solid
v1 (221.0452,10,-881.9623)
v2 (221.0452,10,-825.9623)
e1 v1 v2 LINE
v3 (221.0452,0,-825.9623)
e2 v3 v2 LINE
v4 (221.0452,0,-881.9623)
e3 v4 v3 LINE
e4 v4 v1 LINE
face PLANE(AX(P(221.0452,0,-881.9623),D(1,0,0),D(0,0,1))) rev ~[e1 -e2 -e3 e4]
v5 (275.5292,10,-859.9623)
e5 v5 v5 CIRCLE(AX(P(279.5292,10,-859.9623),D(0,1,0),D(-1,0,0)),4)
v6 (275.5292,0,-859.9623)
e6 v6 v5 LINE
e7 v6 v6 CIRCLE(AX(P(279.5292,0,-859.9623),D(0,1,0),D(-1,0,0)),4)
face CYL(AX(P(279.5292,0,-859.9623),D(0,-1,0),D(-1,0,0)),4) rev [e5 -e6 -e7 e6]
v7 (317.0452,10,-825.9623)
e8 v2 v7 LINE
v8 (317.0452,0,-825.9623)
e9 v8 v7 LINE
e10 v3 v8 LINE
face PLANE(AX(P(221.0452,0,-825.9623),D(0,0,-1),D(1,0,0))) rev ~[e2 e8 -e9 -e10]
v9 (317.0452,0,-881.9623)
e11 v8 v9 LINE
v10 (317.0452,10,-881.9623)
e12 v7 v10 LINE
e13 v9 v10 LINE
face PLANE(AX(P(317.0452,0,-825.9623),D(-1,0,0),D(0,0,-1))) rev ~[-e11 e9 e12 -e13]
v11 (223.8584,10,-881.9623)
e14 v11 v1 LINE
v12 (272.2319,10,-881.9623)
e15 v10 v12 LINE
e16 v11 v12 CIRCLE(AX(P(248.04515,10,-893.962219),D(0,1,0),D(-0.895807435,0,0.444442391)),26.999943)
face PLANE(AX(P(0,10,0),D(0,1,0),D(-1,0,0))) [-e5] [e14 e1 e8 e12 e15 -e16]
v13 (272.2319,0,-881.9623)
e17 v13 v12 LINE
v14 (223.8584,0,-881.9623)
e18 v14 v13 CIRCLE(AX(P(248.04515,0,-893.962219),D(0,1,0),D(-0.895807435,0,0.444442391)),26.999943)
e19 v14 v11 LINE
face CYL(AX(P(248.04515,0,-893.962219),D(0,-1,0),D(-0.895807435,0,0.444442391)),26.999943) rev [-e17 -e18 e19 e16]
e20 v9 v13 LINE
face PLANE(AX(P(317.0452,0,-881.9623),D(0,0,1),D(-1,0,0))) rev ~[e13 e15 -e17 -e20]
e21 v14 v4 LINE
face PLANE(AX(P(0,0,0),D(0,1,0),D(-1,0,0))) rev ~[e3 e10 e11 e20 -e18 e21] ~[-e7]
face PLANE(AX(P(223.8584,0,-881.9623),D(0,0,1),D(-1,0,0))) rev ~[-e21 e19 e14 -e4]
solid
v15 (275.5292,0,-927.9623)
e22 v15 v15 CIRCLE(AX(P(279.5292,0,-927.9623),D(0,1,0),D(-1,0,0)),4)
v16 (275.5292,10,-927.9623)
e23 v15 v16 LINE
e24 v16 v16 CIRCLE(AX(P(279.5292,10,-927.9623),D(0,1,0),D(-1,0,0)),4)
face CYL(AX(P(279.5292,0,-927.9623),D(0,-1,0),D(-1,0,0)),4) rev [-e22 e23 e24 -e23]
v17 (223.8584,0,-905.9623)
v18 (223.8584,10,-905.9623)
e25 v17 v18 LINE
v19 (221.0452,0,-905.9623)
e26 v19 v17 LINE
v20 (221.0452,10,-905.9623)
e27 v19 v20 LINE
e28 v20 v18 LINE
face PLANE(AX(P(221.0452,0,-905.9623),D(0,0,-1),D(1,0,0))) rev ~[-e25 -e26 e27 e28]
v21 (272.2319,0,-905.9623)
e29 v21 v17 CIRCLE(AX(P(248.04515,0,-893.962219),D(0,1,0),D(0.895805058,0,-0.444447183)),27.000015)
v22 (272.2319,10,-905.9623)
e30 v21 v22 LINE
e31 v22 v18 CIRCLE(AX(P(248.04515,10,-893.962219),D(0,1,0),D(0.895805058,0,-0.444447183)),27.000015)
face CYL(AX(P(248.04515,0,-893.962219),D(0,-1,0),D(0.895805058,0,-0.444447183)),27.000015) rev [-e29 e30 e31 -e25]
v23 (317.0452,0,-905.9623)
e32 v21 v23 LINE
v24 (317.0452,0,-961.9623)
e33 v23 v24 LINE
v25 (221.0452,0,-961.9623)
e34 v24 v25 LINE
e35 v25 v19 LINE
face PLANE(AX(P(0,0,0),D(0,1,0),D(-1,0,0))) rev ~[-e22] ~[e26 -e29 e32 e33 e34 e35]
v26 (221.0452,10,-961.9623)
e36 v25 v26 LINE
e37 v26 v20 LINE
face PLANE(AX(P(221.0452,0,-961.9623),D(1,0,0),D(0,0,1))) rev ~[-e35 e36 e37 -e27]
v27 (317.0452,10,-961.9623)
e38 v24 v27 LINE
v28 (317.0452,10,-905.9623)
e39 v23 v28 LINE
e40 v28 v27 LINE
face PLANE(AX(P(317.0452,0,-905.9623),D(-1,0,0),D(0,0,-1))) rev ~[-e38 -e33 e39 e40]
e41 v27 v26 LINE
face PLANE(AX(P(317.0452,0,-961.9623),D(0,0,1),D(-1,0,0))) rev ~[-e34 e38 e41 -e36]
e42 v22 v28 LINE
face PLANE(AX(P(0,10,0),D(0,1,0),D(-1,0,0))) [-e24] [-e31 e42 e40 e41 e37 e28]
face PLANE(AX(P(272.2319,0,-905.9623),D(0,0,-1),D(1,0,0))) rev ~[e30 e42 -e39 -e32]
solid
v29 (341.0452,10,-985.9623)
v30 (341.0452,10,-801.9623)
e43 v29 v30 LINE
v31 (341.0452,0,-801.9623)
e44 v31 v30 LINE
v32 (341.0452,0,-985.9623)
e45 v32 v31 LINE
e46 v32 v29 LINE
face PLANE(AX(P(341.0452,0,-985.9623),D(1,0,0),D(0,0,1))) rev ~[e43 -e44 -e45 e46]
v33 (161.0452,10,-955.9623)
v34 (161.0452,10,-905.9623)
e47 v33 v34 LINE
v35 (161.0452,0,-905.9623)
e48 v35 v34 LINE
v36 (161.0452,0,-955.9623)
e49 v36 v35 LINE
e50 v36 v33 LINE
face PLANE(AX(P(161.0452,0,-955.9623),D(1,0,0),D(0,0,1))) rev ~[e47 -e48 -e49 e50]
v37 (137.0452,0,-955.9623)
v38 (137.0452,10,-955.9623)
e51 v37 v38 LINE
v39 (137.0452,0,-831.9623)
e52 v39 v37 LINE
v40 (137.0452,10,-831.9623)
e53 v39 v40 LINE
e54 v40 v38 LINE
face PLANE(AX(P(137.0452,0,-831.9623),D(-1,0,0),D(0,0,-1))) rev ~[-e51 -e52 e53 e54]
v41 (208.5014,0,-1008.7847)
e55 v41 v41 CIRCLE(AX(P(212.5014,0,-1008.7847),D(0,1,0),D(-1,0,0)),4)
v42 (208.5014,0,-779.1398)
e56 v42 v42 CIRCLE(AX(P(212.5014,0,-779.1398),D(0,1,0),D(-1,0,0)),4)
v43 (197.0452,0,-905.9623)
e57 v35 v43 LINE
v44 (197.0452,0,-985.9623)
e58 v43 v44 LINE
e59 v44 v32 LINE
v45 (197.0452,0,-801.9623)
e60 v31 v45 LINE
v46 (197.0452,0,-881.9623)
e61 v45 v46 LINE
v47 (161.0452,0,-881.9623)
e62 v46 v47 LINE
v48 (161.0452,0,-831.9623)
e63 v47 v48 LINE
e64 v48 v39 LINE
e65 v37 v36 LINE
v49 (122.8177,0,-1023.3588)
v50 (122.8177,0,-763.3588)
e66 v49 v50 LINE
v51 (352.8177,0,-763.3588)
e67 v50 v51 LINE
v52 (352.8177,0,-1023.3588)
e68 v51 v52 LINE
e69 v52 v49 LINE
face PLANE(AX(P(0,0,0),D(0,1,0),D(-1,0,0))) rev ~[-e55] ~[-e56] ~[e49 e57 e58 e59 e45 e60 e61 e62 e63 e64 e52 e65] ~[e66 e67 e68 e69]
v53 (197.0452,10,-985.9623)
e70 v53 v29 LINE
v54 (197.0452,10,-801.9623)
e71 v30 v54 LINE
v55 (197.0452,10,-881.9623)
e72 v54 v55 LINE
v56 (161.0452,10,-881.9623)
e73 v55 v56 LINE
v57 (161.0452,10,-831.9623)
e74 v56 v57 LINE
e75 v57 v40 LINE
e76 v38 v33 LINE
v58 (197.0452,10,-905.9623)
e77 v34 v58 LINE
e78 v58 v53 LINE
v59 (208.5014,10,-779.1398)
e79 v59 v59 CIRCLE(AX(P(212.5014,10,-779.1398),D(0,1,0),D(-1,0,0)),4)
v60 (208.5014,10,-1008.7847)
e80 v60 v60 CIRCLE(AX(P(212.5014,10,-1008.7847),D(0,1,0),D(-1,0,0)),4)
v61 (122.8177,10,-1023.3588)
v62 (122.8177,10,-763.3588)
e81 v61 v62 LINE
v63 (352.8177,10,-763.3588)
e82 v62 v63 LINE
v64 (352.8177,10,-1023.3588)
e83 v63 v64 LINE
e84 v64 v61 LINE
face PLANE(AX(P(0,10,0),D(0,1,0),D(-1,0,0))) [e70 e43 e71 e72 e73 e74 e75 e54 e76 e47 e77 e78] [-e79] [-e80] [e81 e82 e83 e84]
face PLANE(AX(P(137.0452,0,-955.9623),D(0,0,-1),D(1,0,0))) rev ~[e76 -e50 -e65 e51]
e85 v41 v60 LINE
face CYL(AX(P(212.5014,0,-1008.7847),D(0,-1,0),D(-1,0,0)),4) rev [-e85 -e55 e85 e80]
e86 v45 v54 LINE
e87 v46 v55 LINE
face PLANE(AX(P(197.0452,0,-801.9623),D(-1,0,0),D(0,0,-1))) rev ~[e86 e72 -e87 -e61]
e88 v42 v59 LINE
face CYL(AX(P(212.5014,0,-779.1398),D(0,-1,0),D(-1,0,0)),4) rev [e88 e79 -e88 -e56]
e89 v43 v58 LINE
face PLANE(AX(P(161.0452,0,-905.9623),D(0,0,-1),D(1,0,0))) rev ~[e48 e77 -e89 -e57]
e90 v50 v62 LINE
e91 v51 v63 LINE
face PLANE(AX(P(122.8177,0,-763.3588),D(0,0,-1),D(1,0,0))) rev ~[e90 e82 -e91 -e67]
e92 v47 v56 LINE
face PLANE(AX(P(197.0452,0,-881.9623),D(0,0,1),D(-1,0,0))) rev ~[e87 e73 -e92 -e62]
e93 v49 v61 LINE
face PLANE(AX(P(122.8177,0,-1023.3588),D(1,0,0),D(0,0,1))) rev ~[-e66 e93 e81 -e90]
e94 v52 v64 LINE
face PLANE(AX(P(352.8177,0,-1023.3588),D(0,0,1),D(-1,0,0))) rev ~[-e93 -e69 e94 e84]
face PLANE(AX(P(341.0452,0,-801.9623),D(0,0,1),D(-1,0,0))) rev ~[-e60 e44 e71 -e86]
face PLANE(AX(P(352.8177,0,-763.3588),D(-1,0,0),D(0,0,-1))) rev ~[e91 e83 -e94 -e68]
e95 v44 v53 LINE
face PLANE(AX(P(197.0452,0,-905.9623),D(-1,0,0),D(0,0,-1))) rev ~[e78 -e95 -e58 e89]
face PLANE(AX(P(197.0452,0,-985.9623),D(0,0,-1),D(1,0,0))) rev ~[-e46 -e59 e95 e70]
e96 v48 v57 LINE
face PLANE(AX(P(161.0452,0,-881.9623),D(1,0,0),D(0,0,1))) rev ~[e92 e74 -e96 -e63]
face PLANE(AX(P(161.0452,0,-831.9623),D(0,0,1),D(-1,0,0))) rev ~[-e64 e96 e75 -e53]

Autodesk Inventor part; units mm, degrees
ref_plane "YZ Plane" through (0, 0, 0) normal (1, 0, 0) x (0, 1, 0)
ref_plane "XZ Plane" through (0, 0, 0) normal (0, 1, 0) x (-1, 0, 0)
ref_plane "XY Plane" through (0, 0, 0) normal (0, 0, 1) x (1, 0, 0)
sketch "Boceto1" plane through (0, 0, 0) normal (0, 1, 0) x (-1, 0, 0)
  line L0 (-352.8177, -763.3588) -> (-352.8177, -1023.3588) projected
  line L1 (-352.8177, -1023.3588) -> (-122.8177, -1023.3588) projected
  line L2 (-122.8177, -1023.3588) -> (-122.8177, -763.3588) projected
  line L3 (-122.8177, -763.3588) -> (-352.8177, -763.3588) projected
  circle A0 centre (-329.0452, -813.9623) radius 4 projected
  circle A1 centre (-329.0452, -973.9623) radius 4 projected
  circle A2 centre (-279.5292, -859.9623) radius 4 projected
  circle A3 centre (-212.5014, -779.1398) radius 4 projected
  circle A4 centre (-149.0452, -842.9623) radius 4 projected
  circle A5 centre (-149.0452, -944.9623) radius 4 projected
  circle A6 centre (-212.5014, -1008.7847) radius 4 projected
  circle A7 centre (-279.5292, -927.9623) radius 4 projected
  line L4 (-122.8177, -763.3588) -> (-352.8177, -763.3588)
  line L5 (-352.8177, -763.3588) -> (-352.8177, -1023.3588)
  line L6 (-352.8177, -1023.3588) -> (-122.8177, -1023.3588)
  line L7 (-122.8177, -1023.3588) -> (-122.8177, -763.3588)
  circle A8 centre (-329.0452, -973.9623) radius 4 projected
  circle A9 centre (-329.0452, -813.9623) radius 4 projected
  line L8 (-159.0452, -953.9623) -> (-139.0452, -953.9623) projected
  line L9 (-139.0452, -953.9623) -> (-139.0452, -833.9623) projected
  line L10 (-139.0452, -833.9623) -> (-159.0452, -833.9623) projected
  line L11 (-159.0452, -833.9623) -> (-159.0452, -883.9623) projected
  line L12 (-159.0452, -883.9623) -> (-199.0452, -883.9623) projected
  line L13 (-199.0452, -883.9623) -> (-199.0452, -803.9623) projected
  line L14 (-199.0452, -803.9623) -> (-339.0452, -803.9623) projected
  line L15 (-339.0452, -803.9623) -> (-339.0452, -983.9623) projected
  line L16 (-339.0452, -983.9623) -> (-199.0452, -983.9623) projected
  line L17 (-199.0452, -983.9623) -> (-199.0452, -903.9623) projected
  line L18 (-199.0452, -903.9623) -> (-159.0452, -903.9623) projected
  line L19 (-159.0452, -903.9623) -> (-159.0452, -953.9623) projected
  circle A10 centre (-149.0452, -944.9623) radius 4 projected
  circle A11 centre (-149.0452, -842.9623) radius 4 projected
  line L20 (-219.0452, -903.9623) -> (-219.0452, -963.9623) projected
  line L21 (-219.0452, -963.9623) -> (-319.0452, -963.9623) projected
  line L22 (-319.0452, -963.9623) -> (-319.0452, -903.9623) projected
  line L23 (-319.0452, -903.9623) -> (-270.958, -903.9623) projected
  arc A12 (-270.958, -903.9623) -> (-225.1323, -903.9623) centre (-248.0452, -893.9623) ccw projected
  line L24 (-225.1323, -903.9623) -> (-219.0452, -903.9623) projected
  line L25 (-219.0452, -883.9623) -> (-225.1323, -883.9623) projected
  arc A13 (-225.1323, -883.9623) -> (-270.958, -883.9623) centre (-248.0452, -893.9623) ccw projected
  line L26 (-270.958, -883.9623) -> (-319.0452, -883.9623) projected
  line L27 (-319.0452, -883.9623) -> (-319.0452, -823.9623) projected
  line L28 (-319.0452, -823.9623) -> (-219.0452, -823.9623) projected
  line L29 (-219.0452, -823.9623) -> (-219.0452, -883.9623) projected
  line L30 (-197.0452, -801.9623) -> (-197.0452, -881.9623)
  line L31 (-197.0452, -881.9623) -> (-161.0452, -881.9623)
  line L32 (-161.0452, -881.9623) -> (-161.0452, -831.9623)
  line L33 (-161.0452, -831.9623) -> (-137.0452, -831.9623)
  line L34 (-137.0452, -831.9623) -> (-137.0452, -955.9623)
  line L35 (-137.0452, -955.9623) -> (-161.0452, -955.9623)
  line L36 (-161.0452, -955.9623) -> (-161.0452, -905.9623)
  line L37 (-161.0452, -905.9623) -> (-197.0452, -905.9623)
  line L38 (-197.0452, -905.9623) -> (-197.0452, -985.9623)
  line L39 (-197.0452, -985.9623) -> (-341.0452, -985.9623)
  line L40 (-341.0452, -985.9623) -> (-341.0452, -801.9623)
  line L41 (-341.0452, -801.9623) -> (-197.0452, -801.9623)
  arc A14 (-272.2319, -905.9623) -> (-223.8584, -905.9623) centre (-248.0452, -893.9623) ccw
  line L42 (-272.2319, -905.9623) -> (-317.0452, -905.9623)
  line L43 (-317.0452, -905.9623) -> (-317.0452, -961.9623)
  line L44 (-317.0452, -961.9623) -> (-221.0452, -961.9623)
  line L45 (-221.0452, -961.9623) -> (-221.0452, -905.9623)
  line L46 (-221.0452, -905.9623) -> (-223.8584, -905.9623)
  arc A15 (-223.8584, -881.9623) -> (-272.2319, -881.9623) centre (-248.0452, -893.9623) ccw
  line L47 (-223.8584, -881.9623) -> (-221.0452, -881.9623)
  line L48 (-221.0452, -881.9623) -> (-221.0452, -825.9623)
  line L49 (-221.0452, -825.9623) -> (-317.0452, -825.9623)
  line L50 (-317.0452, -825.9623) -> (-317.0452, -881.9623)
  line L51 (-317.0452, -881.9623) -> (-272.2319, -881.9623)
  point P0 (0, 0)
  dimension "d0" = 2
  dimension "d1" = 2
  dimension "d2" = 2
extrude "Extrusión1" add sketch "Boceto1" along normal blind 10 contours L3 L2 L1 L0 | A14 L46 L45 L44 L43 L42 | A15 L51 L50 L49 L48 L47
properties part number "Etapa2Base"
